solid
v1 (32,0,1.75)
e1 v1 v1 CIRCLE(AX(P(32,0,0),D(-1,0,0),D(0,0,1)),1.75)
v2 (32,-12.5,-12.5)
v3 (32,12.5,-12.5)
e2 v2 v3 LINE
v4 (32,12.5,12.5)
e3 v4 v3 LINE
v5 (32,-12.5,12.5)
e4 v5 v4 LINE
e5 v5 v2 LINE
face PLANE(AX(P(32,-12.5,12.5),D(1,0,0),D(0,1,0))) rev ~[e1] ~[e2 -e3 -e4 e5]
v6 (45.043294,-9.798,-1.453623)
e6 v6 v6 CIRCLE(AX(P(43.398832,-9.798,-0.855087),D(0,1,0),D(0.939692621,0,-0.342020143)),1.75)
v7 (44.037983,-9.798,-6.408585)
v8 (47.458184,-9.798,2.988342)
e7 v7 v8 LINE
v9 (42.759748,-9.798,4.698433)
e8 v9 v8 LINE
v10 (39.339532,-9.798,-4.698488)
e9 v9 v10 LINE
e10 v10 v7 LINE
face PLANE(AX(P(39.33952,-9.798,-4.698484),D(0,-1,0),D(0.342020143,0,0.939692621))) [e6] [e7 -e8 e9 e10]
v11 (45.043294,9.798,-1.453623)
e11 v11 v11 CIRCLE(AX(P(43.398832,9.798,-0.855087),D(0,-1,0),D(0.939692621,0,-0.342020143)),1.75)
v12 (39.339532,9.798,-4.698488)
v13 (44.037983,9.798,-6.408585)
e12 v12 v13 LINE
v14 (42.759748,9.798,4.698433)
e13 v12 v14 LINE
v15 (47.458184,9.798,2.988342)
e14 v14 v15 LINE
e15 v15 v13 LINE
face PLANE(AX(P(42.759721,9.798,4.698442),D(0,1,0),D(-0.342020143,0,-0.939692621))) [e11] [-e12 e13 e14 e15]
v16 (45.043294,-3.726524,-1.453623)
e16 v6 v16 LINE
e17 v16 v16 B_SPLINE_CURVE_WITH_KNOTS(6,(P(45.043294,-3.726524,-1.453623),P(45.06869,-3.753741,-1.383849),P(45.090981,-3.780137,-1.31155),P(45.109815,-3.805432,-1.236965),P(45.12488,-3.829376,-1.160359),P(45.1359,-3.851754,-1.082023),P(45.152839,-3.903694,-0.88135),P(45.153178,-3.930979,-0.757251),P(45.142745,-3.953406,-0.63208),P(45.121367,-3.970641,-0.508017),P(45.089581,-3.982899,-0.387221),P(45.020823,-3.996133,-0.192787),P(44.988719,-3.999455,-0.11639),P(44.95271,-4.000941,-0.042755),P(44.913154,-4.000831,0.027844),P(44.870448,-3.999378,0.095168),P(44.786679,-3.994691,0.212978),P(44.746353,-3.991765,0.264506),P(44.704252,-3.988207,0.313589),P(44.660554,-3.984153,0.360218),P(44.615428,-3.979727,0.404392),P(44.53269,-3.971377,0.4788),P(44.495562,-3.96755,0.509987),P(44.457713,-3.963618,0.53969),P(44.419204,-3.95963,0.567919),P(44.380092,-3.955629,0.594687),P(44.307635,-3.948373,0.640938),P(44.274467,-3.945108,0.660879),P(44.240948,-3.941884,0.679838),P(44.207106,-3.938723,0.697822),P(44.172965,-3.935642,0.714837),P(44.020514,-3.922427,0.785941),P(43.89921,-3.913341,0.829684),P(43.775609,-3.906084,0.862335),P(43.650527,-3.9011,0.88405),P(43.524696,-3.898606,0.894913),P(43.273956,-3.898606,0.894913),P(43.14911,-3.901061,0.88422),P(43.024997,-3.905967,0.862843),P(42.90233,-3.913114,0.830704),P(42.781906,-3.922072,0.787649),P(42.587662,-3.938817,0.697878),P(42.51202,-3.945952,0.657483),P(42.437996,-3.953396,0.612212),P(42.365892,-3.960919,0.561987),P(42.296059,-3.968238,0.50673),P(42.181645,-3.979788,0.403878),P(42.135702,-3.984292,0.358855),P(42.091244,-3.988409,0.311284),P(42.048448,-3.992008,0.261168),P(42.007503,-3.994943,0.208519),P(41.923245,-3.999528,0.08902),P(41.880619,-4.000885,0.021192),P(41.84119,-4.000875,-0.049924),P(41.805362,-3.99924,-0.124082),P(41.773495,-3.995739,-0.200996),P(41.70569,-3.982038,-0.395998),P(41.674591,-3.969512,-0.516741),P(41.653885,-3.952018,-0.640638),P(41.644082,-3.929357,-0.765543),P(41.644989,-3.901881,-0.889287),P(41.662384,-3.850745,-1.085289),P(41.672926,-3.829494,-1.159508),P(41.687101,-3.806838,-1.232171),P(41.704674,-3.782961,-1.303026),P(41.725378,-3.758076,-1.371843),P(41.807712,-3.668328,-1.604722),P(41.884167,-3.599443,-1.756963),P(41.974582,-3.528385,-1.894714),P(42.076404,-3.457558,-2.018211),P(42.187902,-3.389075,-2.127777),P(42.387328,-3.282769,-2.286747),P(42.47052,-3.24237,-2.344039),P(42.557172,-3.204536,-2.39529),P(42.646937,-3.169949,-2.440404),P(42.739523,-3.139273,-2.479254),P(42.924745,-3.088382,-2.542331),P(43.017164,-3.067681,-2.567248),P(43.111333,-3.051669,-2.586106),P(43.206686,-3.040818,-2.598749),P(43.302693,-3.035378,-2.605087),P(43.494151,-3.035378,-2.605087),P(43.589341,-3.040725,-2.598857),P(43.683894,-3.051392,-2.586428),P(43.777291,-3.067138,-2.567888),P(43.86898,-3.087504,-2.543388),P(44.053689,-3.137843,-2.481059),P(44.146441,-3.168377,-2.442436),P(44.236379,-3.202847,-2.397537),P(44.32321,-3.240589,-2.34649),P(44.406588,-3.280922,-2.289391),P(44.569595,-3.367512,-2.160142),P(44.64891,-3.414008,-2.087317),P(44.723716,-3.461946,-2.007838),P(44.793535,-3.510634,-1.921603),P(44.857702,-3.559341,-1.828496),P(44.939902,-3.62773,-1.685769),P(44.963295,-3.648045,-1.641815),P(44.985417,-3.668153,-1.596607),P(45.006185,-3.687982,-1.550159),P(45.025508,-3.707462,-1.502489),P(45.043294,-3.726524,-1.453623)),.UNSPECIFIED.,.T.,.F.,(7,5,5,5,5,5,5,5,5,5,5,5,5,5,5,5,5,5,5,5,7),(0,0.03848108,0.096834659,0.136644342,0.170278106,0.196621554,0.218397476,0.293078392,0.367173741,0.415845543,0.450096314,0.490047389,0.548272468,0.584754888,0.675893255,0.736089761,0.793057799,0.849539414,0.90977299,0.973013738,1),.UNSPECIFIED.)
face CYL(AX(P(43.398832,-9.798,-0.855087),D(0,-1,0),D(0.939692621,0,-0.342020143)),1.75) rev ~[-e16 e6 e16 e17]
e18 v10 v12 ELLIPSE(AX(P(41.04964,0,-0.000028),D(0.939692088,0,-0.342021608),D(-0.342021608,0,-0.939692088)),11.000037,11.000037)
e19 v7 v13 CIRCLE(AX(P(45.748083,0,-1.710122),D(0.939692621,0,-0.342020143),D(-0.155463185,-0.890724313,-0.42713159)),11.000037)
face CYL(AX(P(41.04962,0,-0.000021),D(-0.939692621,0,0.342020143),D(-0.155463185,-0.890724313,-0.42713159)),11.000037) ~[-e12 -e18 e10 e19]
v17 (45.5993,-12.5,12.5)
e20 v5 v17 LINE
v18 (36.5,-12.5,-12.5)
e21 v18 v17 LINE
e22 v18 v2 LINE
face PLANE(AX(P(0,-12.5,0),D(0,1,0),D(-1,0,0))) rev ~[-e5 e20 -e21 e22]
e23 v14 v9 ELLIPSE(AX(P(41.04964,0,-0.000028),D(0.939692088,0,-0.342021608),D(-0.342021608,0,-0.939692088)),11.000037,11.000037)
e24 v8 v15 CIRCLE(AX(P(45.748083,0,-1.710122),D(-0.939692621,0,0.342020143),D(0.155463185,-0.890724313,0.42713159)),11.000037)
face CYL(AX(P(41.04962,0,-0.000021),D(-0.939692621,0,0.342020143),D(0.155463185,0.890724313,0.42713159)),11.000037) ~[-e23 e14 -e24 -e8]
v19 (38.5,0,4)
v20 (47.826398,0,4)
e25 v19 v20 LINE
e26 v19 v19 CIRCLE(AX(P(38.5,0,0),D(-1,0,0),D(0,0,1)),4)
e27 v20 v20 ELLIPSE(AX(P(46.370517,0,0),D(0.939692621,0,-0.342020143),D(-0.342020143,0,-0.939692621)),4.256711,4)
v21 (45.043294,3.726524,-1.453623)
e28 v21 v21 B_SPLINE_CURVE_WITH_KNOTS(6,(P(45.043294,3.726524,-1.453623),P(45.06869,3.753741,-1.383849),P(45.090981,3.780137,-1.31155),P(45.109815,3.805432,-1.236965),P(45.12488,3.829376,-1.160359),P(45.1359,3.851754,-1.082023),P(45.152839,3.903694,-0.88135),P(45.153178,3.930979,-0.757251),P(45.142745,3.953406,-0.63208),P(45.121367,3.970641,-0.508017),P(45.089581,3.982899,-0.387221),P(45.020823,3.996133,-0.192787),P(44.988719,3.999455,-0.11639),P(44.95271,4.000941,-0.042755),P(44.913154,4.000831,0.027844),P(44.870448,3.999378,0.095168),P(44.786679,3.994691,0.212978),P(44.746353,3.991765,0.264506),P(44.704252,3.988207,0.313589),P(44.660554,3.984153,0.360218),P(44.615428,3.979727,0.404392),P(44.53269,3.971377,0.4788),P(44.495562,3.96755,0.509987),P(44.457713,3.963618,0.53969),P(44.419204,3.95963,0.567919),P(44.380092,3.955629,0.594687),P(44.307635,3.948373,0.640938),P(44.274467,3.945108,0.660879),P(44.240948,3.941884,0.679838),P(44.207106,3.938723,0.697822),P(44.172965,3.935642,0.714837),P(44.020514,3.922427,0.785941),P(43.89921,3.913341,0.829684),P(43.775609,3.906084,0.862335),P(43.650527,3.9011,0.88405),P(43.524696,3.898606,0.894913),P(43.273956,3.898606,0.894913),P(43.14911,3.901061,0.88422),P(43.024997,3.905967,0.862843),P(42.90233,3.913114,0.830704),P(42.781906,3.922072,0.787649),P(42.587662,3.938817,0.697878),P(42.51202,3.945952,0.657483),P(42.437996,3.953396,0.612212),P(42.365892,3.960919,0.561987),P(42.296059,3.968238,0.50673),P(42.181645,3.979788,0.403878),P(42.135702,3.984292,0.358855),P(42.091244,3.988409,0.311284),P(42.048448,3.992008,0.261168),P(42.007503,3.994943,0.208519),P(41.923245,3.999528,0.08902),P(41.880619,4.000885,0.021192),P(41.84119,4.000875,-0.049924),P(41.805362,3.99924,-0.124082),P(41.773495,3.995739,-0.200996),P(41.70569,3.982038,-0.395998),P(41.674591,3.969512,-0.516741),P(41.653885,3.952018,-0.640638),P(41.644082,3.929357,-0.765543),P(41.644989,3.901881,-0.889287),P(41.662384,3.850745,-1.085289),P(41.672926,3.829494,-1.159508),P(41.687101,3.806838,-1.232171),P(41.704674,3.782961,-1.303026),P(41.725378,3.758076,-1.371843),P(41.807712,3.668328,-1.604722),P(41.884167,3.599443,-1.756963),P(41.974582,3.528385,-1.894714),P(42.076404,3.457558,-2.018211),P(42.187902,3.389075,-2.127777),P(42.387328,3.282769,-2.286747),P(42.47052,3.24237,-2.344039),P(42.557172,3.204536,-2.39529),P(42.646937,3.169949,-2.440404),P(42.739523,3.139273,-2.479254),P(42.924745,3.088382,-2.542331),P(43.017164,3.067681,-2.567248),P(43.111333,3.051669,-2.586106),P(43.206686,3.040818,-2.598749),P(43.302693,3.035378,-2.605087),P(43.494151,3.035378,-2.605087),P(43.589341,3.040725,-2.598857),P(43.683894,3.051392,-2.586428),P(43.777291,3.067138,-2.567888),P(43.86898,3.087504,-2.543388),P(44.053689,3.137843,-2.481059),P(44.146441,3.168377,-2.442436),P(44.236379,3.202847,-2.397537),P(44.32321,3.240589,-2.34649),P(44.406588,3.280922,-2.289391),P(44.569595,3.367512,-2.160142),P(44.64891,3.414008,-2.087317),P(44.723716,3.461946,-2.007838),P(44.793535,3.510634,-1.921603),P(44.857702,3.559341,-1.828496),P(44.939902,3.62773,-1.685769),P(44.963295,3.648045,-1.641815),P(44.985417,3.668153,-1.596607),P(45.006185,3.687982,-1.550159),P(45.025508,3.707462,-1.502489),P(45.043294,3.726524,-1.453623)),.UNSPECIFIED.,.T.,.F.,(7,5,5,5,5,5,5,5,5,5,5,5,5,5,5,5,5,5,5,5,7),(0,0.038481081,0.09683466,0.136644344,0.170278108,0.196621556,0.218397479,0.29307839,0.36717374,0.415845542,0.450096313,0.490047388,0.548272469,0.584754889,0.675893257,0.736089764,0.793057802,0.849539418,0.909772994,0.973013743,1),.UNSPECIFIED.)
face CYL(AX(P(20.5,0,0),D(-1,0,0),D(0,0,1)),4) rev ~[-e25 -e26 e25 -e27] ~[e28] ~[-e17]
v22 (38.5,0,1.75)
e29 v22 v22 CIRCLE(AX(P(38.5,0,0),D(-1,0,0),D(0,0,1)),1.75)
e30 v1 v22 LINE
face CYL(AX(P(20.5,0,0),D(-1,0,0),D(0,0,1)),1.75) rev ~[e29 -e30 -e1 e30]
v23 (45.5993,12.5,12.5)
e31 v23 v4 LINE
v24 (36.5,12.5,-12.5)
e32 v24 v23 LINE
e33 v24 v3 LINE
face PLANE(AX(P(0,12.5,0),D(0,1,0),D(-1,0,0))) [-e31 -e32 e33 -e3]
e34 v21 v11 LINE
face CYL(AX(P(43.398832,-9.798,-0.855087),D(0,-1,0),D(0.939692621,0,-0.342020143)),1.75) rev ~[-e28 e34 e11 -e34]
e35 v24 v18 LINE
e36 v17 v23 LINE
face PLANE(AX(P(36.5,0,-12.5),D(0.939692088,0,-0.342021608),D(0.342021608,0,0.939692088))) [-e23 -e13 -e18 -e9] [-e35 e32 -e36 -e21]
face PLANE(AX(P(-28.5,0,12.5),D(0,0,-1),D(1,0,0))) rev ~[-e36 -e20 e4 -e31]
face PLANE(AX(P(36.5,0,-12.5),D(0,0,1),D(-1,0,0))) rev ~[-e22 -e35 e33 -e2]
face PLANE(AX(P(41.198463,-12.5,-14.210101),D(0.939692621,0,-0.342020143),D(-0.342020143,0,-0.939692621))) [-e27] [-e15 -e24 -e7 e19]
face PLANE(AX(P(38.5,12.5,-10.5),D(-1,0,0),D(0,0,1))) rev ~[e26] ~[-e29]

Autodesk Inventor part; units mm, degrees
ref_plane "YZ Plane" through (0, 0, 0) normal (1, 0, 0) x (0, 1, 0)
ref_plane "XZ Plane" through (0, 0, 0) normal (0, 1, 0) x (-1, 0, 0)
ref_plane "XY Plane" through (0, 0, 0) normal (0, 0, 1) x (1, 0, 0)
sketch "Esquisse1" plane through (0, 0, 0) normal (0, 1, 0) x (-1, 0, 0)
  line L0 (20.5, 10.5) -> (-20.5, 10.5)
  line L1 (-20.5, 10.5) -> (-20.5, -10.5)
  line L2 (-20.5, -10.5) -> (20.5, -10.5)
  line L3 (20.5, -10.5) -> (20.5, 10.5)
  line L4 (28.5, 12.5) -> (-36.5, 12.5)
  line L5 (-36.5, 12.5) -> (-36.5, -12.5)
  line L6 (-36.5, -12.5) -> (28.5, -12.5)
  line L7 (28.5, -12.5) -> (28.5, 12.5)
  line L8 (-36.5, -12.5) -> (-45.5993, 12.5)
  line L9 (-45.5993, 12.5) -> (-36.5, 12.5)
  point P0 (0, 0)
  dimension "d0" = 20
  dimension "d1" = 41
  dimension "d2" = 21
  dimension "d3" = 10.5
  dimension "d4" = 20.5
  dimension "d5" = 8
  dimension "d6" = 2
  dimension "d7" = 2
  dimension "d8" = 16
extrude "Extrusion1" add sketch "Esquisse1" along normal mid plane 25
sketch "Esquisse2" plane through (36.5, -12.5, -12.5) normal (0.9397, 0, -0.342) x (-0.342, 0, -0.9397)
  line L0 (-26.6044, 25) -> (0, 0)
  line L1 (0, 0) -> (0, 25)
  line L2 (0, 25) -> (-26.6044, 0)
  arc A0 (-8.3022, 22.298) -> (-18.3022, 22.298) centre (-13.3022, 12.5) ccw
  line L3 (-18.3022, 22.298) -> (-8.3022, 22.298)
  line L4 (-8.3022, 22.298) -> (-8.3022, 2.702)
  line L5 (-8.3022, 2.702) -> (-18.3022, 2.702)
  line L6 (-18.3022, 2.702) -> (-18.3022, 22.298)
  arc A1 (-8.3022, 2.702) -> (-8.3022, 22.298) centre (-13.3022, 12.5) ccw
  arc A2 (-18.3022, 2.702) -> (-8.3022, 2.702) centre (-13.3022, 12.5) ccw
  arc A3 (-18.3022, 22.298) -> (-18.3022, 2.702) centre (-13.3022, 12.5) ccw
  point P0 (0.7376, 12.5)
  dimension "d11" = 22
  dimension "d13" = 10
extrude "Extrusion2" add sketch "Esquisse2" along normal blind 5 contours A3 L6 L0 | L0 L6 L2 A3 | L6 L3 L4 L2 L0 | L0 L2 L6 | L2 L6 A3 | L2 L4 L0 | L0 L4 L5 L6 L2 | A1 L2 L4 | L4 L2 A1 L0 | L0 A1 L4
sketch "Esquisse3" plane through (39.3395, -9.798, -4.6985) normal (0, -1, 0) x (0.9397, 0, -0.342)
  line L0 (5, 10) -> (0, 0)
  line L1 (0, 10) -> (5, 0)
  circle A0 centre (2.5, 5) radius 1.75
  point P0 (-38.574, -9.0398)
  dimension "d16" = 3.5
extrude "Extrusion3" cut sketch "Esquisse3" against normal through all
sketch "Esquisse4" plane through (20.5, -12.5, 10.5) normal (-1, 0, 0) x (0, 0, 1)
  line L0 (-21, 3) -> (0, 3)
  line L1 (0, 3) -> (0, 6)
  line L2 (0, 6) -> (-21, 6)
  line L3 (-21, 6) -> (-21, 3)
  line L4 (-21, 0) -> (-21, 25) projected
  line L5 (0, 0) -> (0, 25) projected
  line L6 (0, 0) -> (-21, 0) projected
  point P0 (-10.5, 12.5)
  dimension "d19" = 3
  dimension "d20" = 3
extrude "Extrusion4" cut sketch "Esquisse4" against normal blind 7 contours L3 L2 L1 L0
sketch "Esquisse5" plane through (-20.5, -12.5, -10.5) normal (1, 0, 0) x (0, 0, -1)
  line L0 (-21, 6) -> (0, 6)
  line L1 (0, 6) -> (0, 3)
  line L2 (0, 3) -> (-21, 3)
  line L3 (-21, 3) -> (-21, 6)
  line L4 (-21, 25) -> (-21, 0) projected
  line L5 (0, 0) -> (0, 25) projected
  line L6 (0, 0) -> (-21, 0) projected
  point P0 (-10.5, 12.5)
  dimension "d23" = 3
  dimension "d24" = 3
extrude "Extrusion5" cut sketch "Esquisse5" against normal blind 7 contours L0 L1 L2 L3
sketch "Esquisse6" plane through (20.5, 12.5, -10.5) normal (-1, 0, 0) x (0, 0, 1)
  line L0 (21, -25) -> (0, 0)
  line L1 (0, -25) -> (21, 0)
  circle A0 centre (10.5, -12.5) radius 4
  dimension "d27" = 8
extrude "Extrusion6" cut sketch "Esquisse6" against normal through all
sketch "Esquisse7" plane through (20.5, 12.5, -10.5) normal (-1, 0, 0) x (0, 0, 1)
  circle A0 centre (10.5, -12.5) radius 4
  circle A1 centre (10.5, -12.5) radius 1.75
  circle A2 centre (10.5, -12.5) radius 4 projected
  dimension "d30" = 0
  dimension "d31" = 3.5
extrude "Extrusion7" add sketch "Esquisse7" against normal blind 18
sketch "Esquisse8" plane through (20.5, 12.5, -10.5) normal (-1, 0, 0) x (0, 0, 1)
  circle A0 centre (10.5, -12.5) radius 3
  dimension "d34" = 6
extrude "Extrusion8" cut sketch "Esquisse8" against normal blind 3
sketch "Esquisse10" plane through (0, -12.5, 0) normal (0, -1, 0) x (1, 0, 0)
  line L0 (-20.5, -10.5) -> (-27.5, -10.5)
  line L1 (-27.5, -10.5) -> (-27.5, 10.5)
  line L2 (-27.5, 10.5) -> (-20.5, 10.5)
  line L3 (-20.5, 10.5) -> (-20.5, -10.5)
  line L4 (20.5, -10.5) -> (27.5, -10.5)
  line L5 (27.5, -10.5) -> (27.5, 10.5)
  line L6 (27.5, 10.5) -> (20.5, 10.5)
  line L7 (20.5, 10.5) -> (20.5, -10.5)
  line L8 (-27.5, -10.5) -> (-27.5, 10.5) projected
  line L9 (27.5, 10.5) -> (27.5, -10.5) projected
  line L10 (-27.5, -10.5) -> (-20.5, 0)
  line L11 (-20.5, 0) -> (-27.5, 10.5)
  line L12 (-27.5, 0) -> (-20.5, 10.5)
  line L13 (-20.5, -10.5) -> (-27.5, 0)
  line L14 (20.5, -10.5) -> (27.5, 0)
  line L15 (20.5, 0) -> (27.5, -10.5)
  line L16 (27.5, 10.5) -> (20.5, 0)
  line L17 (20.5, 10.5) -> (27.5, 0)
  circle A0 centre (-24, -5.25) radius 2
  circle A1 centre (24, -5.25) radius 2
  circle A2 centre (24, 5.25) radius 2
  circle A3 centre (-24, 5.25) radius 2
  point P0 (0, 0)
  dimension "d37" = 4
  dimension "d38" = 4
  dimension "d39" = 4
  dimension "d40" = 4
extrude "Extrusion9" cut sketch "Esquisse10" against normal through all contours A0 L10 L13 | L13 L10 A0 | A0 L13 L10 | L10 L13 A0 | A3 L12 L11 | L11 L12 A3 | A3 L11 L12 | L12 L11 A3 | A1 L15 L14 | L14 L15 A1 | L15 L14 A1 | A1 L14 L15 | A2 L17 L16 | L16 L17 A2 | L17 L16 A2 | A2 L16 L17
sketch "Esquisse11" plane through (36.5, 12.5, -12.5) normal (0, 0, -1) x (-1, 0, 0)
  line L0 (65, 0) -> (45, 0)
  line L1 (45, 0) -> (45, -13)
  line L2 (45, -13) -> (65, -13)
  line L3 (65, -13) -> (65, 0)
  line L4 (65, -25) -> (0, -25) projected
  line L5 (45, -13) -> (32, 0)
  line L6 (0, 0) -> (65, 0) projected
  line L7 (45, 0) -> (32, 0)
  point P0 (36.5, -12.5)
  dimension "d43" = 20
  dimension "d44" = 12
  dimension "d45" = 45
extrude "Extrusion10" cut sketch "Esquisse11" against normal through all
sketch "Esquisse12" plane through (-28.5, -12.5, 12.5) normal (0, 0, 1) x (1, 0, 0)
  line L0 (33, 25) -> (74.0993, 25) projected
  line L1 (74.0993, 0) -> (60.5, 0)
  line L2 (60.5, 0) -> (60.5, 25)
  line L3 (60.5, 25) -> (74.0993, 25)
  line L4 (74.0993, 25) -> (74.0993, 0)
  line L5 (56, 6) -> (56, 3) projected
  line L6 (65, 25) -> (65, 0) projected
  line L7 (60.5, 25) -> (0, 25)
  line L8 (0, 25) -> (0, 0)
  line L9 (0, 0) -> (60.5, 0)
  line L10 (60.5, 0) -> (60.5, 25)
  point P0 (28.5, 12.5)
  dimension "d48" = 9
  dimension "d49" = 4.5
extrude "Extrusion11" cut sketch "Esquisse12" against normal through all contours L0 L2 L9 L8 L7
equation "\"d3\" = 0.5 * d2"
equation "\"d4\" = 0.5 * d1"
equation "\"d38\" = d37"
equation "\"d39\" = d37"
equation "\"d40\" = d37"
equation "\"d49\" = 0.5 * d48"
properties part number "forearm"
